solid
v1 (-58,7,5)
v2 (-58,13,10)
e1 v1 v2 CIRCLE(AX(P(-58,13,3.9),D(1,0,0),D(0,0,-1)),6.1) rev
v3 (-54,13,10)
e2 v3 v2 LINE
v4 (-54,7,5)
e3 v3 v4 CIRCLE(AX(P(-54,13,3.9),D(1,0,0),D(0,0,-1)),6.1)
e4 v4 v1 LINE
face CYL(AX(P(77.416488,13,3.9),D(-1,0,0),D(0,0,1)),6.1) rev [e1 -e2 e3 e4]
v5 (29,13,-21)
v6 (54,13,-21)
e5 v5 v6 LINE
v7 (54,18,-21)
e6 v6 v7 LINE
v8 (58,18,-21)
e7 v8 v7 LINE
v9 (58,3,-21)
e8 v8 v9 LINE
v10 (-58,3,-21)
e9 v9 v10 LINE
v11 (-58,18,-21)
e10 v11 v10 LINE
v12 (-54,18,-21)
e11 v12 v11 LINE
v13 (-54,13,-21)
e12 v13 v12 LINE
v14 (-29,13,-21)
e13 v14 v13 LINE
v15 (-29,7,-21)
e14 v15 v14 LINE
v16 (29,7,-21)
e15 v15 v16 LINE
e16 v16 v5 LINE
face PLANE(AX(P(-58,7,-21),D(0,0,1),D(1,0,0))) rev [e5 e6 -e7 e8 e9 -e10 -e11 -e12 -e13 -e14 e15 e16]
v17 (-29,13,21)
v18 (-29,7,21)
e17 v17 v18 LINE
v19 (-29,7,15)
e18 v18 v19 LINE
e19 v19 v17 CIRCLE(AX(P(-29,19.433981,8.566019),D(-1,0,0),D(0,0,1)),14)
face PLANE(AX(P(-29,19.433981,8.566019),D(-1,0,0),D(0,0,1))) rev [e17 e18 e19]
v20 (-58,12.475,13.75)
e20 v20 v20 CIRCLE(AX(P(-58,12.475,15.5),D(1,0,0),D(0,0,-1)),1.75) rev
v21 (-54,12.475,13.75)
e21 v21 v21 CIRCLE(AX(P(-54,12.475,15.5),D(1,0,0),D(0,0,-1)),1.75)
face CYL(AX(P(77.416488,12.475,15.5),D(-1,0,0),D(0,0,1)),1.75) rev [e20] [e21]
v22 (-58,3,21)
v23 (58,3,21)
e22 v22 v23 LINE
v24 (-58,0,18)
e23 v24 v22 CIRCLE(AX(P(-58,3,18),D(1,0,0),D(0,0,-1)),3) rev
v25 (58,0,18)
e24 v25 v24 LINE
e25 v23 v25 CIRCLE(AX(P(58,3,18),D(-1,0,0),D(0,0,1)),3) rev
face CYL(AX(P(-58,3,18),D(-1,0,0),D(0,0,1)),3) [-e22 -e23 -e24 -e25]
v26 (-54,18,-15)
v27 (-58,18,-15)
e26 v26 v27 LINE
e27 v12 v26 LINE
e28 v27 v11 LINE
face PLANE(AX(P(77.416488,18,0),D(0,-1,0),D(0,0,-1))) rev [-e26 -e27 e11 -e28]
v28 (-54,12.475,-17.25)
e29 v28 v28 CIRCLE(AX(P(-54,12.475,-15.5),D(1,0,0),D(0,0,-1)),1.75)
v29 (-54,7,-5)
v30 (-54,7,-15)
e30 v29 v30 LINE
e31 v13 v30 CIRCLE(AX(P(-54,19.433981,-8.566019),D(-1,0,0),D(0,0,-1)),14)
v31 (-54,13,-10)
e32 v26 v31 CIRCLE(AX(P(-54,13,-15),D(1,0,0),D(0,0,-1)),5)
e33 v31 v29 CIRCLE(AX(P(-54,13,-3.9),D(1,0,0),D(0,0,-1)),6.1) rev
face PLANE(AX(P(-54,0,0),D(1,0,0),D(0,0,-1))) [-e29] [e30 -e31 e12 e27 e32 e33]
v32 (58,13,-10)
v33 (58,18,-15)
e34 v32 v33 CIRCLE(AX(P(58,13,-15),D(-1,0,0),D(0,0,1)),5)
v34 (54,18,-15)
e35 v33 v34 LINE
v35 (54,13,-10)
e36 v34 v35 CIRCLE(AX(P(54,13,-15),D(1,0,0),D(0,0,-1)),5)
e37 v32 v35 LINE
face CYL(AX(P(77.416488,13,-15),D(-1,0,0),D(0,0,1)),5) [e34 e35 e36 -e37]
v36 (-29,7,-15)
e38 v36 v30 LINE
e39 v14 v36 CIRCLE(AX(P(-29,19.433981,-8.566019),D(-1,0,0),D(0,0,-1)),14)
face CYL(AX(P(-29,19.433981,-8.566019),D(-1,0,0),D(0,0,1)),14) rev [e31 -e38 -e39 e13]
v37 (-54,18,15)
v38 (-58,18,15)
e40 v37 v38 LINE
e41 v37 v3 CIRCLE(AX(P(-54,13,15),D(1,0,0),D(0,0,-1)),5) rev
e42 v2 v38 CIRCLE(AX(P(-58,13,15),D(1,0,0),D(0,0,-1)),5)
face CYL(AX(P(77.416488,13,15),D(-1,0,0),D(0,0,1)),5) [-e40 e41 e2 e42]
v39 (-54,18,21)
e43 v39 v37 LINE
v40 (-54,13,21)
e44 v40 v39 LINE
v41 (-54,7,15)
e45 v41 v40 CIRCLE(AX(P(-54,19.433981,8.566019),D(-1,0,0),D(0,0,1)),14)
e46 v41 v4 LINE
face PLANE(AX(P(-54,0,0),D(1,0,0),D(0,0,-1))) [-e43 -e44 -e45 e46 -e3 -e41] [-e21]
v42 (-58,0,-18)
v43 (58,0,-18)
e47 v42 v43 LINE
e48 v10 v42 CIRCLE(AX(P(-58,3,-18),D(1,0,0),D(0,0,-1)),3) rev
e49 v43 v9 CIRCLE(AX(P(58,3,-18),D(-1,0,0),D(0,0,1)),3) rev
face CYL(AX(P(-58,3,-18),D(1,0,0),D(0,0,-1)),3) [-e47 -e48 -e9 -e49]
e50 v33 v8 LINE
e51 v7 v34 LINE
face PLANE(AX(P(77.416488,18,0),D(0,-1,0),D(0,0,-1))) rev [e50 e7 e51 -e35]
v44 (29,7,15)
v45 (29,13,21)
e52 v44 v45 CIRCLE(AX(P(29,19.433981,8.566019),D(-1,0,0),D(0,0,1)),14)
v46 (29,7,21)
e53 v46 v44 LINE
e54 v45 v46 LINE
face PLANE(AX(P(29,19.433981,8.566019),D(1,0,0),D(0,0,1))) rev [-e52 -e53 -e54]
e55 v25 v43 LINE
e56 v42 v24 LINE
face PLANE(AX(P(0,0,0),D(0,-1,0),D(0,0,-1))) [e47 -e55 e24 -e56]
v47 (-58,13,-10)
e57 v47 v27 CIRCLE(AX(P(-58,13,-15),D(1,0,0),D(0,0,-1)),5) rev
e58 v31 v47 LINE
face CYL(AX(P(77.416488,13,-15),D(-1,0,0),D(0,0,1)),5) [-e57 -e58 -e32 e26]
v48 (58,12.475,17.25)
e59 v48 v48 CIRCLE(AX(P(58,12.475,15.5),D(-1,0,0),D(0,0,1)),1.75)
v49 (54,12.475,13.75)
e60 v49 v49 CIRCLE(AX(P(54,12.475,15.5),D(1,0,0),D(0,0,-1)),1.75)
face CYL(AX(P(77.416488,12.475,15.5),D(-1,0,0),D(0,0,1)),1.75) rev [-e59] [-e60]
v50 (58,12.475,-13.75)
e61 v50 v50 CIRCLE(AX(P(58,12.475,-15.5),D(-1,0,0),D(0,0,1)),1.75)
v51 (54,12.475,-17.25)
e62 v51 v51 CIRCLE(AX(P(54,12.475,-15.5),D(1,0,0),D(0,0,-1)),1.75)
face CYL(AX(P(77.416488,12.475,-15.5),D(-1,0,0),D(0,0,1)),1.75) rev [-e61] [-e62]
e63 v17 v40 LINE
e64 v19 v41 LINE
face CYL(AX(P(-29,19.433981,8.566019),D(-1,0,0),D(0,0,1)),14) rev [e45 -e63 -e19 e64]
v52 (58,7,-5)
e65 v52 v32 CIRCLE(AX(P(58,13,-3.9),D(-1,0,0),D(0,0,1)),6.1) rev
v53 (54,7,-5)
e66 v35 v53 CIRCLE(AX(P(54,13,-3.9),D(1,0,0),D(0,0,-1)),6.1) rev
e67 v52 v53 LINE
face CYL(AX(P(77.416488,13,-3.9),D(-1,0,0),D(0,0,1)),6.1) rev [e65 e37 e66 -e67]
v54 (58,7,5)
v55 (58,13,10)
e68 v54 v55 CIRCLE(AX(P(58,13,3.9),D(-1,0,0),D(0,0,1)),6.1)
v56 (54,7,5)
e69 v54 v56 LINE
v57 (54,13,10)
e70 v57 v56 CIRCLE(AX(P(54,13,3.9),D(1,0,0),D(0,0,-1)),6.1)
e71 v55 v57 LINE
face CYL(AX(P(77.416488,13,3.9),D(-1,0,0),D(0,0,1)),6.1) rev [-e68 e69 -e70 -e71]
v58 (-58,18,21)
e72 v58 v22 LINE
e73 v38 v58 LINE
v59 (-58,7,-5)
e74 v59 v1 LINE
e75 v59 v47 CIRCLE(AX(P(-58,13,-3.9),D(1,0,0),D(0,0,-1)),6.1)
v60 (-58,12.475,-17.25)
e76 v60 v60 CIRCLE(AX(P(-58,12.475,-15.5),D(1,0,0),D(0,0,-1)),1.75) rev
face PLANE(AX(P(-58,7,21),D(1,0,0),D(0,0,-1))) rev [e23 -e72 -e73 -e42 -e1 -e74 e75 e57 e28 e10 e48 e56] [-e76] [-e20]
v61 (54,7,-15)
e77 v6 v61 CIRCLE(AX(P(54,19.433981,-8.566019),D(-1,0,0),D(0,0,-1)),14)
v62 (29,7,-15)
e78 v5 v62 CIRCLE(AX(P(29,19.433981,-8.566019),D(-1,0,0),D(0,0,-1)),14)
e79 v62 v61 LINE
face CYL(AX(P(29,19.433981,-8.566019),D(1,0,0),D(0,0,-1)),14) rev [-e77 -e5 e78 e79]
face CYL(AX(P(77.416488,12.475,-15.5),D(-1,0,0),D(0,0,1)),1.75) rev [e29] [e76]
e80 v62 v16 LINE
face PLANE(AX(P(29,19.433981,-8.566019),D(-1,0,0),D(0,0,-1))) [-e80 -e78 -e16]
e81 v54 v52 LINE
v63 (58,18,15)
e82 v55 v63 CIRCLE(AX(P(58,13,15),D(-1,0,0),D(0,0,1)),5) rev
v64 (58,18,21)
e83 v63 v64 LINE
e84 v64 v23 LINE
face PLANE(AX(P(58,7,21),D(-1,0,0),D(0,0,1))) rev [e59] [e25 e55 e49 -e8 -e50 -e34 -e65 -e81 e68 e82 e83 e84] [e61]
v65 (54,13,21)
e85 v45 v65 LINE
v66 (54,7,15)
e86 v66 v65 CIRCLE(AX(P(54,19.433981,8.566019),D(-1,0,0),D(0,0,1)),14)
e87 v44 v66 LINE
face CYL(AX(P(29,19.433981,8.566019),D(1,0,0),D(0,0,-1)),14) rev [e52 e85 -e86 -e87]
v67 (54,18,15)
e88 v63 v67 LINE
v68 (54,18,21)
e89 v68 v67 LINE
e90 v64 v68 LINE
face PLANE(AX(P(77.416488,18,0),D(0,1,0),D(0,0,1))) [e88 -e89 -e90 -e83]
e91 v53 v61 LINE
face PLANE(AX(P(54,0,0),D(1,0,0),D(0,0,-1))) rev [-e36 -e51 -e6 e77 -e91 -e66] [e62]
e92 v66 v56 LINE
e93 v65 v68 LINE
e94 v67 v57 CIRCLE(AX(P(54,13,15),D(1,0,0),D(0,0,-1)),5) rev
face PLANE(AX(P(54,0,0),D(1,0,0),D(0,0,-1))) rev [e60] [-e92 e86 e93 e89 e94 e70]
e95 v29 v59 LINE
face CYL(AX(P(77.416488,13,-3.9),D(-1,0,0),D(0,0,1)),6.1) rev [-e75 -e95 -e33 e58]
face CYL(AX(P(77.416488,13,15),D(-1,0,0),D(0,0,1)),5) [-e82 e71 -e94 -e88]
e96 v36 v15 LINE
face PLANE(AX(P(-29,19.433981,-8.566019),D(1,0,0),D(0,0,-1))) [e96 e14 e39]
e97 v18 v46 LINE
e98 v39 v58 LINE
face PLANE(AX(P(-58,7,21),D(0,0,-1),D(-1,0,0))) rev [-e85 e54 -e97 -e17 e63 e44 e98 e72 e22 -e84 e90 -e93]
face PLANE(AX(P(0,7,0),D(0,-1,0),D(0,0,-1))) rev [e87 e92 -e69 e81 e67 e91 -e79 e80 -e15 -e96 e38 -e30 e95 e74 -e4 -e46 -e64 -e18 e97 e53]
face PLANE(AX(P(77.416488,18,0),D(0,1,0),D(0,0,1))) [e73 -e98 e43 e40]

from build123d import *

# Parameters (mm, degrees)
SKETCH1_W                       = 116
SKETCH1_H                       = 42
BOSS_EXTRUDE1_DEPTH             = 7
BOSS_EXTRUDE2_REACH             = 64.081
SKETCH2_R                       = 1.75
BOSS_EXTRUDE2_DIRECTION_2_REACH = 64.081
SKETCH2_3_R                     = 1.75
CUT_EXTRUDE1_DEPTH              = 54
BOSS_EXTRUDE3_DEPTH             = 25
FILLET1_R                       = 3


with BuildPart() as part:
    # Sketch1 → Boss-Extrude1 (new body)
    with BuildSketch(Plane(origin=(0, 0, 0), x_dir=(1, 0, 0), z_dir=(0, 1, 0))):
        Rectangle(SKETCH1_W, SKETCH1_H)
    extrude(amount=BOSS_EXTRUDE1_DEPTH)

    # Boss-Extrude2: up to this face of the body (flat: up to its plane)
    boss_extrude2_end = Plane(part.part.faces().sort_by_distance((58, 3.5, 0))[0])
    # Sketch2 → Boss-Extrude2 (add, up to the picked face)
    with BuildSketch(Plane(origin=(0, 0, 0), x_dir=(0, 0, -1), z_dir=(1, 0, 0)), mode=Mode.PRIVATE) as boss_extrude2_sk1:
        with BuildLine():
            Line((-21, 18), (-21, 7))
            Line((-21, 7), (-5, 7))
            ThreePointArc((-5, 7), (-8.586149806, 9.094875162), (-10, 13))
            ThreePointArc((-10, 13), (-11.464466094, 16.535533906), (-15, 18))
            Line((-15, 18), (-21, 18))
        make_face()
        with Locations((-15.5, 12.475)):
            Circle(SKETCH2_R, mode=Mode.SUBTRACT)
    boss_extrude2_tool1 = split(extrude(boss_extrude2_sk1.sketch, amount=BOSS_EXTRUDE2_REACH, mode=Mode.PRIVATE), bisect_by=boss_extrude2_end, keep=Keep.BOTH, mode=Mode.PRIVATE)
    # Sketch2 → Boss-Extrude2 (add, up to the picked face)
    with BuildSketch(Plane(origin=(0, 0, 0), x_dir=(0, 0, -1), z_dir=(1, 0, 0)), mode=Mode.PRIVATE) as boss_extrude2_sk2:
        with BuildLine():
            ThreePointArc((10, 13), (8.586149806, 9.094875162), (5, 7))
            Line((5, 7), (21, 7))
            Line((21, 7), (21, 18))
            Line((21, 18), (15, 18))
            ThreePointArc((15, 18), (11.464466094, 16.535533906), (10, 13))
        make_face()
        with Locations((15.5, 12.475)):
            Circle(SKETCH2_R, mode=Mode.SUBTRACT)
    boss_extrude2_tool2 = split(extrude(boss_extrude2_sk2.sketch, amount=BOSS_EXTRUDE2_REACH, mode=Mode.PRIVATE), bisect_by=boss_extrude2_end, keep=Keep.BOTH, mode=Mode.PRIVATE)
    add(boss_extrude2_tool1.solids().sort_by(Axis((0, 12.5, 20.805835), (1, 0, 0)))[0])
    add(boss_extrude2_tool2.solids().sort_by(Axis((0, 12.5, -20.805835), (1, 0, 0)))[0])

    # Boss-Extrude2 direction 2: up to this face of the body (flat: up to its plane)
    boss_extrude2_direction_2_end = Plane(part.part.faces().sort_by_distance((-58, 3.5, 0))[0])
    # Sketch2 → Boss-Extrude2 direction 2 (add, up to the picked face)
    with BuildSketch(Plane(origin=(0, 0, 0), x_dir=(0, 0, -1), z_dir=(1, 0, 0)), mode=Mode.PRIVATE) as boss_extrude2_direction_2_sk1:
        with BuildLine():
            Line((-21, 18), (-21, 7))
            Line((-21, 7), (-5, 7))
            ThreePointArc((-5, 7), (-8.586149806, 9.094875162), (-10, 13))
            ThreePointArc((-10, 13), (-11.464466094, 16.535533906), (-15, 18))
            Line((-15, 18), (-21, 18))
        make_face()
        with Locations((-15.5, 12.475)):
            Circle(SKETCH2_R, mode=Mode.SUBTRACT)
    boss_extrude2_direction_2_tool1 = split(extrude(boss_extrude2_direction_2_sk1.sketch, amount=-BOSS_EXTRUDE2_DIRECTION_2_REACH, mode=Mode.PRIVATE), bisect_by=boss_extrude2_direction_2_end, keep=Keep.BOTH, mode=Mode.PRIVATE)
    # Sketch2 → Boss-Extrude2 direction 2 (add, up to the picked face)
    with BuildSketch(Plane(origin=(0, 0, 0), x_dir=(0, 0, -1), z_dir=(1, 0, 0)), mode=Mode.PRIVATE) as boss_extrude2_direction_2_sk2:
        with BuildLine():
            ThreePointArc((10, 13), (8.586149806, 9.094875162), (5, 7))
            Line((5, 7), (21, 7))
            Line((21, 7), (21, 18))
            Line((21, 18), (15, 18))
            ThreePointArc((15, 18), (11.464466094, 16.535533906), (10, 13))
        make_face()
        with Locations((15.5, 12.475)):
            Circle(SKETCH2_R, mode=Mode.SUBTRACT)
    boss_extrude2_direction_2_tool2 = split(extrude(boss_extrude2_direction_2_sk2.sketch, amount=-BOSS_EXTRUDE2_DIRECTION_2_REACH, mode=Mode.PRIVATE), bisect_by=boss_extrude2_direction_2_end, keep=Keep.BOTH, mode=Mode.PRIVATE)
    add(boss_extrude2_direction_2_tool1.solids().sort_by(Axis((0, 12.5, 20.805835), (-1, 0, 0)))[0])
    add(boss_extrude2_direction_2_tool2.solids().sort_by(Axis((0, 12.5, -20.805835), (-1, 0, 0)))[0])

    # Sketch2<3> → Cut-Extrude1 (cut, symmetric)
    # profile 1 of 2: a face of its own
    with BuildSketch(Plane(origin=(0, 0, 0), x_dir=(0, 0, -1), z_dir=(1, 0, 0))):
        with BuildLine():
            Line((-21, 18), (-21, 7))
            Line((-21, 7), (-5, 7))
            ThreePointArc((-5, 7), (-8.586149806, 9.094875162), (-10, 13))
            ThreePointArc((-10, 13), (-11.464466094, 16.535533906), (-15, 18))
            Line((-15, 18), (-21, 18))
        make_face()
        with Locations((-15.5, 12.475)):
            Circle(SKETCH2_3_R, mode=Mode.SUBTRACT)
    # profile 2 of 2: a face of its own
    with BuildSketch(Plane(origin=(0, 0, 0), x_dir=(0, 0, -1), z_dir=(1, 0, 0))):
        with BuildLine():
            ThreePointArc((10, 13), (8.586149806, 9.094875162), (5, 7))
            Line((5, 7), (21, 7))
            Line((21, 7), (21, 18))
            Line((21, 18), (15, 18))
            ThreePointArc((15, 18), (11.464466094, 16.535533906), (10, 13))
        make_face()
        with Locations((15.5, 12.475)):
            Circle(SKETCH2_3_R, mode=Mode.SUBTRACT)
    extrude(amount=CUT_EXTRUDE1_DEPTH, both=True, mode=Mode.SUBTRACT)

    # Sketch3 → Boss-Extrude3 (add)
    with BuildSketch(Plane(origin=(-54, 0, 0), x_dir=(0, 0, -1), z_dir=(1, 0, 0))):
        with BuildLine():
            Line((-21, 7), (-15, 7))
            ThreePointArc((-15, 7), (-18.465513805, 9.534486195), (-21, 13))
            Line((-21, 13), (-21, 7))
        make_face()
        with BuildLine():
            Line((21, 7), (21, 13))
            ThreePointArc((21, 13), (18.465513805, 9.534486195), (15, 7))
            Line((15, 7), (21, 7))
        make_face()
    boss_extrude3 = extrude(amount=BOSS_EXTRUDE3_DEPTH)

    # Mirror4: Boss-Extrude3 across plane
    add(boss_extrude3.mirror(Plane(origin=(0, 0, 0), x_dir=(0, 0, 1), z_dir=(1, 0, 0))))

    # Fillet1
    fillet1_edges = [part.edges().sort_by_distance(p)[0] for p in [
        (0, 0, 21),
        (0, 0, -21),
    ]]
    fillet(fillet1_edges, radius=FILLET1_R)


solid = part.part
